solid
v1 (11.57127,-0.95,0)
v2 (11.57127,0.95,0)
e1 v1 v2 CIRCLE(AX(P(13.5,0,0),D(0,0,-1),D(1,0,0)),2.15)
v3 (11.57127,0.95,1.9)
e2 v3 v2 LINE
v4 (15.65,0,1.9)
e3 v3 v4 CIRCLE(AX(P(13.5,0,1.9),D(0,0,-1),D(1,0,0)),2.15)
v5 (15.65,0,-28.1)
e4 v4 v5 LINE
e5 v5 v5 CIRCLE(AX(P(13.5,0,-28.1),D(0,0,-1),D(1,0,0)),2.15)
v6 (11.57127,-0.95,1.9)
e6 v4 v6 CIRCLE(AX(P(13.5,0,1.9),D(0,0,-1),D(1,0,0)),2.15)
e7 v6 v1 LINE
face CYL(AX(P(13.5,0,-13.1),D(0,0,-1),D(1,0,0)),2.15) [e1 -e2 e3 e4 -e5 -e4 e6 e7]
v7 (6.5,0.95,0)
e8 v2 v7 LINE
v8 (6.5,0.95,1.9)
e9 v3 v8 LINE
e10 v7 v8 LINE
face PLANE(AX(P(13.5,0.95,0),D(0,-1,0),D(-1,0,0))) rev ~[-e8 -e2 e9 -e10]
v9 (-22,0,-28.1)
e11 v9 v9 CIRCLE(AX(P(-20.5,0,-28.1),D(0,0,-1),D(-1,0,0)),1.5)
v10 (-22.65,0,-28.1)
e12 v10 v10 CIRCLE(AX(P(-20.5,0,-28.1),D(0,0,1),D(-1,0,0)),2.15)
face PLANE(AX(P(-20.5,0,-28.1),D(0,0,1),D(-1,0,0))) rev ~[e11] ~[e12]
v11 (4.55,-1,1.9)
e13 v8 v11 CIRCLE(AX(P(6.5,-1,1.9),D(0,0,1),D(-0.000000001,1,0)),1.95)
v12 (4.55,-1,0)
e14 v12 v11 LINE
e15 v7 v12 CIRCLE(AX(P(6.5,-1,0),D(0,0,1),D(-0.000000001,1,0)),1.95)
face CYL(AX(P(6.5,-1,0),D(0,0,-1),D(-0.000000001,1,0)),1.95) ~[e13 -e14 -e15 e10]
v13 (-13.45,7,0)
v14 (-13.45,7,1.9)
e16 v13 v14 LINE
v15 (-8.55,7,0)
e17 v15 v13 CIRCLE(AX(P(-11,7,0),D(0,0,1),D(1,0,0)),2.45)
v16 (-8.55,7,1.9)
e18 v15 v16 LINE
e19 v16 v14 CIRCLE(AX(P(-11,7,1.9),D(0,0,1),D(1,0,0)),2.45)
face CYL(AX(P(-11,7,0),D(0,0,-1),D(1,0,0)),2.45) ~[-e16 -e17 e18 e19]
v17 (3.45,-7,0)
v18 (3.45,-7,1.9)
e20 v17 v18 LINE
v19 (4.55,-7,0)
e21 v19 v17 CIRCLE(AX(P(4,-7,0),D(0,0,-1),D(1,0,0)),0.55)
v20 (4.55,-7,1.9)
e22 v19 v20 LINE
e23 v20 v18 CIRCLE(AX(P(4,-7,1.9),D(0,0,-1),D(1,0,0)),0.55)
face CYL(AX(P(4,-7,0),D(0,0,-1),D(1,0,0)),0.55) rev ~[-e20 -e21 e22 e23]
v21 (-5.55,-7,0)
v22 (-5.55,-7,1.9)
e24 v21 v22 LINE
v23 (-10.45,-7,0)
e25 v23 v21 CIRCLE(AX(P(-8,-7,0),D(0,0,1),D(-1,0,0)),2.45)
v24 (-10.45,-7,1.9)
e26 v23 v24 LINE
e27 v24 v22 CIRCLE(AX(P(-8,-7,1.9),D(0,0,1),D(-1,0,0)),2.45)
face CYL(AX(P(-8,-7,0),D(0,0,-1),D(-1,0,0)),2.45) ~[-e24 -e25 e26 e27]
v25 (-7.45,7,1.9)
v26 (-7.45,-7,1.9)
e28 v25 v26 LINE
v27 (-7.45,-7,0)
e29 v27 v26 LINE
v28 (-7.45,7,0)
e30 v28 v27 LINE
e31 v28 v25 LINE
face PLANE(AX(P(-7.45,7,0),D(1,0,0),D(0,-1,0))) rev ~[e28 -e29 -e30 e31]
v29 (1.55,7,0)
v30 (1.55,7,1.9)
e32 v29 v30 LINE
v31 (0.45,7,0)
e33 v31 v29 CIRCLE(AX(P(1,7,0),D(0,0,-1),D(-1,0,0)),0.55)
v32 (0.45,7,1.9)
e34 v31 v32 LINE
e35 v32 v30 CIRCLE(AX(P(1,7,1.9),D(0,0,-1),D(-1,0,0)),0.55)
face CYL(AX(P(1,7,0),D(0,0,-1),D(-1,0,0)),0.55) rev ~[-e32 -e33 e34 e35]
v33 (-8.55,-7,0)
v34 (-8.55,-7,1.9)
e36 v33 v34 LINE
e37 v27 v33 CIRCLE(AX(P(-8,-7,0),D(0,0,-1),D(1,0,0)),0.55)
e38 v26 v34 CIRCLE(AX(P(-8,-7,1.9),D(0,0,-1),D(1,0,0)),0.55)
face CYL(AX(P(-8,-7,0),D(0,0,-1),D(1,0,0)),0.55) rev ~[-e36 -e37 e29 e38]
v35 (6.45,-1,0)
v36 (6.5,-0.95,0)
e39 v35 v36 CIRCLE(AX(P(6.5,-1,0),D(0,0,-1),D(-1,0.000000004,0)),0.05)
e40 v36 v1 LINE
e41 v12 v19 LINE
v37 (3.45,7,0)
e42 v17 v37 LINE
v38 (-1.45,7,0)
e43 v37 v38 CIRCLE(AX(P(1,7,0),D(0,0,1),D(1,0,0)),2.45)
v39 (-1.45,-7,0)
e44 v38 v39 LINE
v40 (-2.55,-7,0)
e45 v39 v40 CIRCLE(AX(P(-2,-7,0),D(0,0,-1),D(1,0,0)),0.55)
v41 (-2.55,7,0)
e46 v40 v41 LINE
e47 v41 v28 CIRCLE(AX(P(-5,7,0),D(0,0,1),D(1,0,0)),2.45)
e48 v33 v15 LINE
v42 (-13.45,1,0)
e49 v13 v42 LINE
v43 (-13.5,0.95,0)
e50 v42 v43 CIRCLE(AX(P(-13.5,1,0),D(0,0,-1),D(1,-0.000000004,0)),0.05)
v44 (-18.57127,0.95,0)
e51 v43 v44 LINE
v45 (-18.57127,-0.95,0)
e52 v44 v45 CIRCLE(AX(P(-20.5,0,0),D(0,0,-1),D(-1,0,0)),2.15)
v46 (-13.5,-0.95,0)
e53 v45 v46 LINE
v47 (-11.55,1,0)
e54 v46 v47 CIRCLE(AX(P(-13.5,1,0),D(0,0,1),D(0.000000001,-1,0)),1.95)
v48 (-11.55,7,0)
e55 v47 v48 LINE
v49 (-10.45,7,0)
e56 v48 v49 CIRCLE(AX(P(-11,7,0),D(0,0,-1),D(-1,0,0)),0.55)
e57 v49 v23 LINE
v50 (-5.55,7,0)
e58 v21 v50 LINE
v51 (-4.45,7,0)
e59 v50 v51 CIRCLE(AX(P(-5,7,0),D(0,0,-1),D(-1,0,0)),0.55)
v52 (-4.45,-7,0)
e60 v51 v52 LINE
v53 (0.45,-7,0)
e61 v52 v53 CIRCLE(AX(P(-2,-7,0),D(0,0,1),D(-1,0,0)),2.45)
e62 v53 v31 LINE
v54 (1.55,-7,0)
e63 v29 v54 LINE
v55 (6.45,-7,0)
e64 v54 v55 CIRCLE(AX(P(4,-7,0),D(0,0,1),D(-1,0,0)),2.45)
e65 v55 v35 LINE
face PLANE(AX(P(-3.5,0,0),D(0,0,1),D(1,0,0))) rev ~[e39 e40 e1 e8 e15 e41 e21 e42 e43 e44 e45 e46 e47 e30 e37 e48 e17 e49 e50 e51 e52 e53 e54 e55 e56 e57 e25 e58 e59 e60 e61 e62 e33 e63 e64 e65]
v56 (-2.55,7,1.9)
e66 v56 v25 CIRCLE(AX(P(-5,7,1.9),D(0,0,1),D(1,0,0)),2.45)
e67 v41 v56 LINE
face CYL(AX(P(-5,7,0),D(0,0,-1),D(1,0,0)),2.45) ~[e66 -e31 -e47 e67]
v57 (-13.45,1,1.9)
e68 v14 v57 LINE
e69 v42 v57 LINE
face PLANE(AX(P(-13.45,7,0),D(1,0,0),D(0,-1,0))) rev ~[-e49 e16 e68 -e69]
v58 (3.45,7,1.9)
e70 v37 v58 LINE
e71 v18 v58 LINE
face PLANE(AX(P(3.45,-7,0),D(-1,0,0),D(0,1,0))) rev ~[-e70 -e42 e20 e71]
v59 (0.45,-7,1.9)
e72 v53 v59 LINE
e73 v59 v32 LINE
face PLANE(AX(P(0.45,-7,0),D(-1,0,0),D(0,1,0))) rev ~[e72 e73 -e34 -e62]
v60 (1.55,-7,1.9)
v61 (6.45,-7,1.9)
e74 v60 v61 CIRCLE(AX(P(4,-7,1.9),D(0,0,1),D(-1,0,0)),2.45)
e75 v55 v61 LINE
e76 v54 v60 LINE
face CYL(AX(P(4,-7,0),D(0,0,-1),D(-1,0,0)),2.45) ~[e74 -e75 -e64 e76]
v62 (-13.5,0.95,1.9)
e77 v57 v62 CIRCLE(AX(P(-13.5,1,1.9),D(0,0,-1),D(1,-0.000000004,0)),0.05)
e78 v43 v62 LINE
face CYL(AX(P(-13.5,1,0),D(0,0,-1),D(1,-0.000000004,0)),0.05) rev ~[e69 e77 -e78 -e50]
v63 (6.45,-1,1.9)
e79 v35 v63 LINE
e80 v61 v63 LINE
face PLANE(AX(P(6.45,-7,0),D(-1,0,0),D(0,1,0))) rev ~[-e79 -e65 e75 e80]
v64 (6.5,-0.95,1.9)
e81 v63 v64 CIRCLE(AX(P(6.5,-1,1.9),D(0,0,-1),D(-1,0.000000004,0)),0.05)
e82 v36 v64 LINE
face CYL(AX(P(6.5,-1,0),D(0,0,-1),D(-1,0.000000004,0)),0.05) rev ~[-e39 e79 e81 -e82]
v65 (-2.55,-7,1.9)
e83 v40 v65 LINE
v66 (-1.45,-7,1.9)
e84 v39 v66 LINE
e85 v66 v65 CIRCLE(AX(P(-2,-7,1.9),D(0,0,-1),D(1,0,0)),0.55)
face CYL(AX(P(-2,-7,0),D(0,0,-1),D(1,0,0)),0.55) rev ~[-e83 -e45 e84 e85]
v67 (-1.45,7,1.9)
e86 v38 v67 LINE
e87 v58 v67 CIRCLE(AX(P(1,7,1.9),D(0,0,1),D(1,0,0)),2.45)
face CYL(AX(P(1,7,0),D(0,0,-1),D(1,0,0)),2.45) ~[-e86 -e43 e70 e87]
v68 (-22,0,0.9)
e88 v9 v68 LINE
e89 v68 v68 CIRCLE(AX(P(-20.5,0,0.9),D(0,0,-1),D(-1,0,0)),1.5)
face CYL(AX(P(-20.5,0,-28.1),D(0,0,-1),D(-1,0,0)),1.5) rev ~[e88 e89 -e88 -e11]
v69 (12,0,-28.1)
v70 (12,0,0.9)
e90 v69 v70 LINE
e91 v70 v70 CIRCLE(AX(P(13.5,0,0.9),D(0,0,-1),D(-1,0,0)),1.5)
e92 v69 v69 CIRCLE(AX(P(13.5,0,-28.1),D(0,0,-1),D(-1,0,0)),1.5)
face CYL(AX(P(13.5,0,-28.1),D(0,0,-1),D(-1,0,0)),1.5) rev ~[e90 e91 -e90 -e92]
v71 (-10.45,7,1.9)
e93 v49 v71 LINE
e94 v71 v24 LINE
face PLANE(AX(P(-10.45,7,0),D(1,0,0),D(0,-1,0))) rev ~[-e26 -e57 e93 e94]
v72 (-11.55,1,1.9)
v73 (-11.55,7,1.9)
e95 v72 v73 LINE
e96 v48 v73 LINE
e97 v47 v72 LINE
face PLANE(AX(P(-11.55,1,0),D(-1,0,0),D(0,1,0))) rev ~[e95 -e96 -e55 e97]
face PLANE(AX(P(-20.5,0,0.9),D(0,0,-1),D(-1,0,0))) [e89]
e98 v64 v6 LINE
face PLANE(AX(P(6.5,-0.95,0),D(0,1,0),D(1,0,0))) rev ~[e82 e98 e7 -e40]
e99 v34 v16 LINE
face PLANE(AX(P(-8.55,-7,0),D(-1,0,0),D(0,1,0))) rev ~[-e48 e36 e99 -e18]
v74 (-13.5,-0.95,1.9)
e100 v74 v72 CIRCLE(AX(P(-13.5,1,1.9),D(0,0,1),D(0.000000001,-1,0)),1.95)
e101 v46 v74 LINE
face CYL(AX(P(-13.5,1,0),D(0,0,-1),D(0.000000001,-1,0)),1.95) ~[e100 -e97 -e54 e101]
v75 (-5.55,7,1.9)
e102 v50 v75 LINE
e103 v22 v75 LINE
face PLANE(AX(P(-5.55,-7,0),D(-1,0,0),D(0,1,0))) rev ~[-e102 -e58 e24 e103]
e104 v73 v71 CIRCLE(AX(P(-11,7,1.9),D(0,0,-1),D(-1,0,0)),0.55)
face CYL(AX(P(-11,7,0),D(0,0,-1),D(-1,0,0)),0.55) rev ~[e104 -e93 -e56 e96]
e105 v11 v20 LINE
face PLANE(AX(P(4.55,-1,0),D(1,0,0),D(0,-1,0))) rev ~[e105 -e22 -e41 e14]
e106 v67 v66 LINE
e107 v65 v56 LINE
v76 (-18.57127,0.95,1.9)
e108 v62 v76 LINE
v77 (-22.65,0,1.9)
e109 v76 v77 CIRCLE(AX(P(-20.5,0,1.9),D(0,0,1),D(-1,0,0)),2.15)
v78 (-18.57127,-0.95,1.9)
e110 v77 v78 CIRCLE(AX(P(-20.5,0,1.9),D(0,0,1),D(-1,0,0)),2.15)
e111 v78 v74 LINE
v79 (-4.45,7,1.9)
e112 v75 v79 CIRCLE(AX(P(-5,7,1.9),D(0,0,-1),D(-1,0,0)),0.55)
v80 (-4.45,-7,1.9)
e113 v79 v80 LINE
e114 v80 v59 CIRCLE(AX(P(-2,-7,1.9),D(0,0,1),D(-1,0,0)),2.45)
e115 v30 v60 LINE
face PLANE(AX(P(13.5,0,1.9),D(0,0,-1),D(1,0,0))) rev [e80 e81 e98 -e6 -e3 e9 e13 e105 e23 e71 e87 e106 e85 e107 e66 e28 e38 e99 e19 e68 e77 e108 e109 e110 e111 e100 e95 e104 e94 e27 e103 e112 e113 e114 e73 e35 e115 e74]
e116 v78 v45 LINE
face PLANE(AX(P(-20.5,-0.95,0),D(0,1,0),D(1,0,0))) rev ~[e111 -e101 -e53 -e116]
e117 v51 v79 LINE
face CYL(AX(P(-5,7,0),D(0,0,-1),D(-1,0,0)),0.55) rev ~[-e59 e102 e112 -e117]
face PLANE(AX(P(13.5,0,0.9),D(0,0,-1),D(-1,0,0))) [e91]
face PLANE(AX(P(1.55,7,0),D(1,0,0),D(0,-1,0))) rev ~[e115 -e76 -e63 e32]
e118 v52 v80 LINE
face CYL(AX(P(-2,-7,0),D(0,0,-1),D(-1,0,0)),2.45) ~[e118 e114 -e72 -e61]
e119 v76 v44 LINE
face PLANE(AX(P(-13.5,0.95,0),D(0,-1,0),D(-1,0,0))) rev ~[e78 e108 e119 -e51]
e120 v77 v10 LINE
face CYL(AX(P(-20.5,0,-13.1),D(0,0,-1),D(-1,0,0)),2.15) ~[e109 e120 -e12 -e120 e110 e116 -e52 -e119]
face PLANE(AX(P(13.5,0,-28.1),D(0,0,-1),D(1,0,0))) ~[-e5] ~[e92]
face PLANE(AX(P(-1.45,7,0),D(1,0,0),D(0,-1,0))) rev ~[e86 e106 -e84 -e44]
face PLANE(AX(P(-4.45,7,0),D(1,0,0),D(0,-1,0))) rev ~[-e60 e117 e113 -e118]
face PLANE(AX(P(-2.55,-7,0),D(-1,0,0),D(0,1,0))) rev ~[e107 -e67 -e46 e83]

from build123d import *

# Parameters (mm, degrees)
BOSS_EXTRUDE1_DEPTH = 1.9
SKETCH5_W           = 2.15
SKETCH5_H           = 30
SKETCH4_W           = 2.15
SKETCH4_H           = 30
SKETCH6_R           = 1.5
CUT_EXTRUDE1_DEPTH  = 29


with BuildPart() as part:
    # Sketch2 → Boss-Extrude1 (new body)
    with BuildSketch(Plane.XY):
        with BuildLine():
            Line((-20.5, -0.95), (-13.5, -0.95))
            ThreePointArc((-13.5, -0.95), (-12.121141777, -0.378858223), (-11.55, 1))
            Line((-11.55, 1), (-11.55, 7))
            ThreePointArc((-11.55, 7), (-11, 7.55), (-10.45, 7))
            Line((-10.45, 7), (-10.45, 0))
            Line((-10.45, 0), (-10.45, -7))
            ThreePointArc((-10.45, -7), (-8, -9.45), (-5.55, -7))
            Line((-5.55, -7), (-5.55, 0))
            Line((-5.55, 0), (-5.55, 7))
            ThreePointArc((-5.55, 7), (-5, 7.55), (-4.45, 7))
            Line((-4.45, 7), (-4.45, 0))
            Line((-4.45, 0), (-4.45, -7))
            ThreePointArc((-4.45, -7), (-2, -9.45), (0.45, -7))
            Line((0.45, -7), (0.45, 0))
            Line((0.45, 0), (0.45, 7))
            ThreePointArc((0.45, 7), (1, 7.55), (1.55, 7))
            Line((1.55, 7), (1.55, 0))
            Line((1.55, 0), (1.55, -7))
            ThreePointArc((1.55, -7), (4, -9.45), (6.45, -7))
            Line((6.45, -7), (6.45, -1))
            ThreePointArc((6.45, -1), (6.464644661, -0.964644661), (6.5, -0.95))
            Line((6.5, -0.95), (13.5, -0.95))
            ThreePointArc((13.5, -0.95), (14.45, 0), (13.5, 0.95))
            Line((13.5, 0.95), (6.5, 0.95))
            ThreePointArc((6.5, 0.95), (5.121141777, 0.378858223), (4.55, -1))
            Line((4.55, -1), (4.55, -7))
            ThreePointArc((4.55, -7), (4, -7.55), (3.45, -7))
            Line((3.45, -7), (3.45, 0))
            Line((3.45, 0), (3.45, 7))
            ThreePointArc((3.45, 7), (1, 9.45), (-1.45, 7))
            Line((-1.45, 7), (-1.45, 0))
            Line((-1.45, 0), (-1.45, -7))
            ThreePointArc((-1.45, -7), (-2, -7.55), (-2.55, -7))
            Line((-2.55, -7), (-2.55, 0))
            Line((-2.55, 0), (-2.55, 7))
            ThreePointArc((-2.55, 7), (-5, 9.45), (-7.45, 7))
            Line((-7.45, 7), (-7.45, 0))
            Line((-7.45, 0), (-7.45, -7))
            ThreePointArc((-7.45, -7), (-8, -7.55), (-8.55, -7))
            Line((-8.55, -7), (-8.55, 0))
            Line((-8.55, 0), (-8.55, 7))
            ThreePointArc((-8.55, 7), (-11, 9.45), (-13.45, 7))
            Line((-13.45, 7), (-13.45, 1))
            ThreePointArc((-13.45, 1), (-13.464644661, 0.964644661), (-13.5, 0.95))
            Line((-13.5, 0.95), (-20.5, 0.95))
            ThreePointArc((-20.5, 0.95), (-21.45, 0), (-20.5, -0.95))
        make_face()
    extrude(amount=BOSS_EXTRUDE1_DEPTH)

    # Sketch5 → Revolve1 (revolve)
    with BuildSketch(Plane(origin=(0, 0, 0), x_dir=(1, 0, 0), z_dir=(0, 1, 0))):
        with Locations((-21.575, 13.1)):
            Rectangle(SKETCH5_W, SKETCH5_H)
    revolve(axis=Axis((-20.5, 0, -28.1), (0, 0, 1)))

    # Sketch4 → Revolve2 (revolve)
    with BuildSketch(Plane(origin=(0, 0, 0), x_dir=(1, 0, 0), z_dir=(0, 1, 0))):
        with Locations((14.575, 13.1)):
            Rectangle(SKETCH4_W, SKETCH4_H)
    revolve(axis=Axis((13.5, 0, 1.9), (0, 0, -1)))

    # Sketch6 → Cut-Extrude1 (cut)
    with BuildSketch(Plane(origin=(0, 0, -28.1), x_dir=(-1, 0, 0), z_dir=(0, 0, -1))):
        with Locations((-13.5, 0)):
            Circle(SKETCH6_R)
        with Locations((20.5, 0)):
            Circle(SKETCH6_R)
    extrude(amount=-CUT_EXTRUDE1_DEPTH, mode=Mode.SUBTRACT)


solid = part.part
